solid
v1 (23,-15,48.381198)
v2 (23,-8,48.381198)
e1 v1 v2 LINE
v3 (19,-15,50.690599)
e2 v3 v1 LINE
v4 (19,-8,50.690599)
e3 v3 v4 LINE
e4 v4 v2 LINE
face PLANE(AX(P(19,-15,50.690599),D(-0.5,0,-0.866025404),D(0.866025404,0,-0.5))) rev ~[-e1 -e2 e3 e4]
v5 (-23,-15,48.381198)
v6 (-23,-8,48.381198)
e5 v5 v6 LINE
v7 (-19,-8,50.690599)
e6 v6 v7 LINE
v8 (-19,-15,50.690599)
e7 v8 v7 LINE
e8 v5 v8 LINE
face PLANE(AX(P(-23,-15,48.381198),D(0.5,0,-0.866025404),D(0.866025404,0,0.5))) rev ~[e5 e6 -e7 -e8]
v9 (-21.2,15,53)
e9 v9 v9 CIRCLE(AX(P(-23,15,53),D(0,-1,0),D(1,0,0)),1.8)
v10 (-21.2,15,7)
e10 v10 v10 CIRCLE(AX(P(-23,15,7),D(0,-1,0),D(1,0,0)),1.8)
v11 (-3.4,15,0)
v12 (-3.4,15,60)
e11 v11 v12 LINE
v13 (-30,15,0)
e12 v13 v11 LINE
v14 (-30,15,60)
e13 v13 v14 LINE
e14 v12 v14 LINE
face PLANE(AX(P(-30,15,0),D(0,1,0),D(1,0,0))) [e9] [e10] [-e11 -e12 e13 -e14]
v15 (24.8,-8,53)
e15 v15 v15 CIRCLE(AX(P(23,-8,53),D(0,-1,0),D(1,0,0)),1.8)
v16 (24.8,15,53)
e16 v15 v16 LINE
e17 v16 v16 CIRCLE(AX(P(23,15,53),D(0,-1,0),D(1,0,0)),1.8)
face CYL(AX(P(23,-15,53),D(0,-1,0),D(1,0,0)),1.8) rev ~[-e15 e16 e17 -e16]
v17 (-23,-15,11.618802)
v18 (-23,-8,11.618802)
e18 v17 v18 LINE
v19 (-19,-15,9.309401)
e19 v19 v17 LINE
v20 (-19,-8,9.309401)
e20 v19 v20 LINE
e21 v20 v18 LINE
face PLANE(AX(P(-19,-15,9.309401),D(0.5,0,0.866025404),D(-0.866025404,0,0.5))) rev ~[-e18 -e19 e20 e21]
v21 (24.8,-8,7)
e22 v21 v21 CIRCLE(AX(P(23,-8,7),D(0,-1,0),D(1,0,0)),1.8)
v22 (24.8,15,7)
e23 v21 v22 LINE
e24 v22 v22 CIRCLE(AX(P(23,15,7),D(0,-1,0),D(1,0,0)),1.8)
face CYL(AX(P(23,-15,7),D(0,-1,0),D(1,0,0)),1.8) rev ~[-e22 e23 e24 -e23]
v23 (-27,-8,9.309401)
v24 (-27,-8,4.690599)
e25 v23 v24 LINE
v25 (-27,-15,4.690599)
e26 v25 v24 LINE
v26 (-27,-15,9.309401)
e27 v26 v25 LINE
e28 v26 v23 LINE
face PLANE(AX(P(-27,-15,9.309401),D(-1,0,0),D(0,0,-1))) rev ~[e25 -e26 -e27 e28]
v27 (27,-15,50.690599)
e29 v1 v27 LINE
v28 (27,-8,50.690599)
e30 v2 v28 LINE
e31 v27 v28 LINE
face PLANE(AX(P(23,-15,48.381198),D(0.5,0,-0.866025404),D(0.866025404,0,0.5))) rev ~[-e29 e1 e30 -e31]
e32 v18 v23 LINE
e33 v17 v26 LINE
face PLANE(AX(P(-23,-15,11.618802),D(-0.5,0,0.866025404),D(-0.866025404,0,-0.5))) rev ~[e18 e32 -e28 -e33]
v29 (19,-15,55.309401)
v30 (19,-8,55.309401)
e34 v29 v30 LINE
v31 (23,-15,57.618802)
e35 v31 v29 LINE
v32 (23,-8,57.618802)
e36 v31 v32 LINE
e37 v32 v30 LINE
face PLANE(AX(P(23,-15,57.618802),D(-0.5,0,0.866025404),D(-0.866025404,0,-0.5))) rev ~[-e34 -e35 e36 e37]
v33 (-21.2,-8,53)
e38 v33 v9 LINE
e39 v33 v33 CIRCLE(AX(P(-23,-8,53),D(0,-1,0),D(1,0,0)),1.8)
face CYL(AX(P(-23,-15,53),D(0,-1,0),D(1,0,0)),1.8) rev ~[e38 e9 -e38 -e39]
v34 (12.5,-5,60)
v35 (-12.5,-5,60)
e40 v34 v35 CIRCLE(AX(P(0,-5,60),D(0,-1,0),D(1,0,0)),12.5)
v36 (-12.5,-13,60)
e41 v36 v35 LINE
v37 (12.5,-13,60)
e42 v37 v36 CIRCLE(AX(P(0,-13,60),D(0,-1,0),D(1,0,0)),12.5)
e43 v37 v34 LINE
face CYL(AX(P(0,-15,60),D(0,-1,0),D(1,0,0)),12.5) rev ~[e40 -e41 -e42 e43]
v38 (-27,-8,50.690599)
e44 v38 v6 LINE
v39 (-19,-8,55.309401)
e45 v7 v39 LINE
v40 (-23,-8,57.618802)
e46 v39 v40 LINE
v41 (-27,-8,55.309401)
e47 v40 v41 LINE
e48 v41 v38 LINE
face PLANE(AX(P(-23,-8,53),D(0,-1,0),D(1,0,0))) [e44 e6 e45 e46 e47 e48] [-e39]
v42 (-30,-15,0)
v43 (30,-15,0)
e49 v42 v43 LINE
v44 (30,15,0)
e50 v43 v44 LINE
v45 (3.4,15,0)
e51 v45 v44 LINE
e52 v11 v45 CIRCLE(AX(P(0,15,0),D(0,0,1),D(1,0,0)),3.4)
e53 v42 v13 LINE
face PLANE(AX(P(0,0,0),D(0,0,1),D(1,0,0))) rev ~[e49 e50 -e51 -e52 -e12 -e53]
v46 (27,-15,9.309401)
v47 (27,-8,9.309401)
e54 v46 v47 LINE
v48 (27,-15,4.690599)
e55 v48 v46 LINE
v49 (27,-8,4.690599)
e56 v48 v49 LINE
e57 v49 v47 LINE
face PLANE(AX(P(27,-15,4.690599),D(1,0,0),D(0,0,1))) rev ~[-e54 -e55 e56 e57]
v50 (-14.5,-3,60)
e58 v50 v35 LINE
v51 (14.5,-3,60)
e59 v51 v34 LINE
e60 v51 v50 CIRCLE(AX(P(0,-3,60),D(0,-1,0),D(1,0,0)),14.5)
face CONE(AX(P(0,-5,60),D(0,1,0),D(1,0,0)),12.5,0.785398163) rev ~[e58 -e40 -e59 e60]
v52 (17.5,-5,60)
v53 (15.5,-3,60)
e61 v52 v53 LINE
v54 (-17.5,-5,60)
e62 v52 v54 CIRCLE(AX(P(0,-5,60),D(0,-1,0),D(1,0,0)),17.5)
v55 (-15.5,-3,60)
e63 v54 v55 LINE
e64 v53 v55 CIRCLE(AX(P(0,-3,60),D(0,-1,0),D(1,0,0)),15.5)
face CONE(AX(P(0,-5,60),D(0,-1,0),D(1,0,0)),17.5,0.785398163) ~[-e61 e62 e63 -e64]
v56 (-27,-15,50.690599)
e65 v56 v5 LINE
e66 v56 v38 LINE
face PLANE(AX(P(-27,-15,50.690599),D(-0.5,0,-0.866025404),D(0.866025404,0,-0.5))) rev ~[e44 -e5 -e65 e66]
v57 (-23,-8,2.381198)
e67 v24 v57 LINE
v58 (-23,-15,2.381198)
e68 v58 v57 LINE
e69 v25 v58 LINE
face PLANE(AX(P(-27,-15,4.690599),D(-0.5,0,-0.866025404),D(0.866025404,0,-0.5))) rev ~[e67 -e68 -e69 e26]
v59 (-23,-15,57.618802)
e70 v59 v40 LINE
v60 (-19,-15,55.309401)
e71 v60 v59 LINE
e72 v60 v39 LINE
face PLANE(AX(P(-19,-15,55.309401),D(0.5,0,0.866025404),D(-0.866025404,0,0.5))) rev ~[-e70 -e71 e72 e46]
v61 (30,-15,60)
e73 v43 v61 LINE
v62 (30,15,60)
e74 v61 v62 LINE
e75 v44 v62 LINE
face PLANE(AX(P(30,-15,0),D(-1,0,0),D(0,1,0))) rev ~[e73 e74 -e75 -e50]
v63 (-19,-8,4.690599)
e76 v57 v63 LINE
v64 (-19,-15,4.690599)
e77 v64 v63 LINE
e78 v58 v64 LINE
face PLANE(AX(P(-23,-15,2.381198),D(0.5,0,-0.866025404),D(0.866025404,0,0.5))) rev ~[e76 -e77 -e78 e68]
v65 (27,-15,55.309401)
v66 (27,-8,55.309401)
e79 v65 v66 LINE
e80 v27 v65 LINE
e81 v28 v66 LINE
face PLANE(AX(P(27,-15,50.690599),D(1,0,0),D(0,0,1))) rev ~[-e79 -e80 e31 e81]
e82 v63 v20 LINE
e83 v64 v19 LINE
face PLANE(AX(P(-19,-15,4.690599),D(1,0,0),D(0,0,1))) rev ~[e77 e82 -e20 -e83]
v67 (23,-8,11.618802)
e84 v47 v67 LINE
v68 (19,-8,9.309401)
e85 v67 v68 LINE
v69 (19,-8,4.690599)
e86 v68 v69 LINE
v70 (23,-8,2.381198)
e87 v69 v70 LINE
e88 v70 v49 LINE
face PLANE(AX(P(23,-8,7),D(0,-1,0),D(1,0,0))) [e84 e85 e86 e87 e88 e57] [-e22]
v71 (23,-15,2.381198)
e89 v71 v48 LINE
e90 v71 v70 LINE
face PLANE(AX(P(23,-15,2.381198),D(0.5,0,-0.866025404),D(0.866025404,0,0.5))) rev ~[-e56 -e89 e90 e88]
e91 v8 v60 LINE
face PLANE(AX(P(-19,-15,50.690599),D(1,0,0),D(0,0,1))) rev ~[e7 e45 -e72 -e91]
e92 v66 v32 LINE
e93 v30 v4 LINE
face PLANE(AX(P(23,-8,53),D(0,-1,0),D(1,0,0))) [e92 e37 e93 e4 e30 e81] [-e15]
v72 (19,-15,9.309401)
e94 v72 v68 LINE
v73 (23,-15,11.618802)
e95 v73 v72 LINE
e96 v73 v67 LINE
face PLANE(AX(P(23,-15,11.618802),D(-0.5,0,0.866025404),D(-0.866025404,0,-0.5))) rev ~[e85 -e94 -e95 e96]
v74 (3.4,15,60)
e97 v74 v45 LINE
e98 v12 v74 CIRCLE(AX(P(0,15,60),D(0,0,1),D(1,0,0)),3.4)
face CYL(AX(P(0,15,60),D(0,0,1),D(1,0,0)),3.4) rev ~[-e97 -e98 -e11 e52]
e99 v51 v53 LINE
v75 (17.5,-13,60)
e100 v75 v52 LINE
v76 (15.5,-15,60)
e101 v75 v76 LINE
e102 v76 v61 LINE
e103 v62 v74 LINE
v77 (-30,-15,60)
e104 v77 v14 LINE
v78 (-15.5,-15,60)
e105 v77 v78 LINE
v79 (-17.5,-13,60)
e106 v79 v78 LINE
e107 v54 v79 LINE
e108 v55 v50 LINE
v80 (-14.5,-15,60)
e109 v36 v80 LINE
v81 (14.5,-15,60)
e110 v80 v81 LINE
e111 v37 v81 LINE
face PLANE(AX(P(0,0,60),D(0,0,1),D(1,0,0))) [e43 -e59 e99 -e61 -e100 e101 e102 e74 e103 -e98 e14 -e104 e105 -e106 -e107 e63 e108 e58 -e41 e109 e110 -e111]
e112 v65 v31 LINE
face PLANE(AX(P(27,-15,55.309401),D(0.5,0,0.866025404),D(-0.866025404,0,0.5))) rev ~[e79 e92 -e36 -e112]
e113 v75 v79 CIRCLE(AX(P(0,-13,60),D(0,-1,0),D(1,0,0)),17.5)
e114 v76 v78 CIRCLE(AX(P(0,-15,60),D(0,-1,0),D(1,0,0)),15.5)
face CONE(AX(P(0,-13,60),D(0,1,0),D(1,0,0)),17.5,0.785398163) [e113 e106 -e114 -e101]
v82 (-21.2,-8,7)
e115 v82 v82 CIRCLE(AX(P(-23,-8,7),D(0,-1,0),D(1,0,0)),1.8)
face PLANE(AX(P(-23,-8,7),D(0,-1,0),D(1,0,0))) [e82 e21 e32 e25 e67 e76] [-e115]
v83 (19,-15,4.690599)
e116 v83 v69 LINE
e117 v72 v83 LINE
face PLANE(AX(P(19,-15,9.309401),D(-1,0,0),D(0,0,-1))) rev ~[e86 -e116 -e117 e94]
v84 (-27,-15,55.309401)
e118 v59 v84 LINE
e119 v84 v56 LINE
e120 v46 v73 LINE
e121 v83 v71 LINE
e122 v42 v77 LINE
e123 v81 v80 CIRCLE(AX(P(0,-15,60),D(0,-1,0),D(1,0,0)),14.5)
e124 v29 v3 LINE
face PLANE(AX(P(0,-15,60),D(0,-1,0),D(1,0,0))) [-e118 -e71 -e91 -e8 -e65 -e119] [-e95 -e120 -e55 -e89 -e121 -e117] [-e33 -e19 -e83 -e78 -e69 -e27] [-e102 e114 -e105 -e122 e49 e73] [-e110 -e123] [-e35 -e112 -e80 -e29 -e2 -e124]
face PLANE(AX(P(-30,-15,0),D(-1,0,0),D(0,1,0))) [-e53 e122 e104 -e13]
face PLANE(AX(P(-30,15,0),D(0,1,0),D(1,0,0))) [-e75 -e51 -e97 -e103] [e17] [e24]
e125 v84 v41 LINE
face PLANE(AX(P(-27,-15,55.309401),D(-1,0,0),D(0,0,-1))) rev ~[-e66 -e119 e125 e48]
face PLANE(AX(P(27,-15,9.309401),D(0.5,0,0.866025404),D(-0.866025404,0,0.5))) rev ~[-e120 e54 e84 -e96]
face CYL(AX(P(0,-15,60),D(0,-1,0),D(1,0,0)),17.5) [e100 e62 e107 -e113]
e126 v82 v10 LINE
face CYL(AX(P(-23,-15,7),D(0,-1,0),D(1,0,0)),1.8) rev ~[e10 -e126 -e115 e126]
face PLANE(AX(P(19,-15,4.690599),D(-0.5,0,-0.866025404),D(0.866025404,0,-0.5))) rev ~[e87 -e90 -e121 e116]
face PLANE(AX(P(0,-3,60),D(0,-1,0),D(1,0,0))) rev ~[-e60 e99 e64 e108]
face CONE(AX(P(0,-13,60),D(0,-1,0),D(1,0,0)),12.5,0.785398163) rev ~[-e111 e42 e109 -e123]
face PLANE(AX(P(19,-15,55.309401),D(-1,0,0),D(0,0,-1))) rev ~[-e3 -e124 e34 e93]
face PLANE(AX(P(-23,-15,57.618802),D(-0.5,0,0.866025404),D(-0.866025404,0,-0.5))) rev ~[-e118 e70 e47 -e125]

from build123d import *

# Parameters (mm, degrees)
F0_W      = 60
F0_H      = 30
F1_DEPTH  = 60
F2_R      = 3.4
F3_DEPTH  = 60.001
F4_R      = 1.8
F5_DEPTH  = 30.001
F7_DEPTH  = 7
F9_DEPTH  = 7
F11_DEPTH = 7
F13_DEPTH = 7
F14_R     = 17.5
F15_DEPTH = 12
F17_DEPTH = 30.001
F18_SIZE  = 2


with BuildPart() as f1:
    # F0 (on Top) → F1 (new body)
    with BuildSketch(Plane.XY):
        Rectangle(F0_W, F0_H)
    extrude(amount=F1_DEPTH)

    # F2 (on face) → F3 (cut, through all)
    with BuildSketch(Plane.XY.offset(60)):
        with Locations((0, 15)):
            Circle(F2_R)
    extrude(amount=-F3_DEPTH, mode=Mode.SUBTRACT)

    # F4 (on face) → F5 (cut, through all)
    with BuildSketch(Plane.XZ.offset(15)):
        with Locations((-23, 53)):
            Circle(F4_R)
        with Locations((23, 53)):
            Circle(F4_R)
        with Locations((23, 7)):
            Circle(F4_R)
        with Locations((-23, 7)):
            Circle(F4_R)
    extrude(amount=-F5_DEPTH, mode=Mode.SUBTRACT)

    # F6 (on face) → F7 (cut)
    with BuildSketch(Plane.XZ.offset(15)):
        Polygon((-23, 48.3811978465), (-19, 50.6905989232), (-19, 55.3094010768), (-23, 57.6188021535), (-27, 55.3094010768), (-27, 50.6905989232), align=None)
    extrude(amount=-F7_DEPTH, mode=Mode.SUBTRACT)

    # F8 (on face) → F9 (cut)
    with BuildSketch(Plane.XZ.offset(15)):
        Polygon((19, 50.6905989232), (23, 48.3811978465), (27, 50.6905989232), (27, 55.3094010768), (23, 57.6188021535), (19, 55.3094010768), align=None)
    extrude(amount=-F9_DEPTH, mode=Mode.SUBTRACT)

    # F10 (on face) → F11 (cut)
    with BuildSketch(Plane.XZ.offset(15)):
        Polygon((-23, 2.3811978465), (-19, 4.6905989232), (-19, 9.3094010768), (-23, 11.6188021535), (-27, 9.3094010768), (-27, 4.6905989232), align=None)
    extrude(amount=-F11_DEPTH, mode=Mode.SUBTRACT)

    # F12 (on face) → F13 (cut)
    with BuildSketch(Plane.XZ.offset(15)):
        Polygon((23, 2.3811978465), (27, 4.6905989232), (27, 9.3094010768), (23, 11.6188021535), (19, 9.3094010768), (19, 4.6905989232), align=None)
    extrude(amount=-F13_DEPTH, mode=Mode.SUBTRACT)

    # F14 (on face) → F15 (join)
    with BuildSketch(Plane.XZ.offset(15)):
        with Locations((0, 60)):
            Circle(F14_R)
    extrude(amount=-F15_DEPTH)

    # F16 (on face) → F17 (cut, through all)
    with BuildSketch(Plane.XZ.offset(15)):
        with BuildLine():
            Line((-12.5, 60), (12.5, 60))
            ThreePointArc((12.5, 60), (0, 72.5), (-12.5, 60))
        make_face()
    extrude(amount=-F17_DEPTH, mode=Mode.SUBTRACT)

    # F18
    f18_edges = [f1.edges().sort_by_distance(p)[0] for p in [
        (0, -15, 77.5),
        (0, -3, 77.5),
        (0, -15, 72.5),
        (0, -3, 72.5),
    ]]
    chamfer(f18_edges, length=F18_SIZE)


solid = f1.part
